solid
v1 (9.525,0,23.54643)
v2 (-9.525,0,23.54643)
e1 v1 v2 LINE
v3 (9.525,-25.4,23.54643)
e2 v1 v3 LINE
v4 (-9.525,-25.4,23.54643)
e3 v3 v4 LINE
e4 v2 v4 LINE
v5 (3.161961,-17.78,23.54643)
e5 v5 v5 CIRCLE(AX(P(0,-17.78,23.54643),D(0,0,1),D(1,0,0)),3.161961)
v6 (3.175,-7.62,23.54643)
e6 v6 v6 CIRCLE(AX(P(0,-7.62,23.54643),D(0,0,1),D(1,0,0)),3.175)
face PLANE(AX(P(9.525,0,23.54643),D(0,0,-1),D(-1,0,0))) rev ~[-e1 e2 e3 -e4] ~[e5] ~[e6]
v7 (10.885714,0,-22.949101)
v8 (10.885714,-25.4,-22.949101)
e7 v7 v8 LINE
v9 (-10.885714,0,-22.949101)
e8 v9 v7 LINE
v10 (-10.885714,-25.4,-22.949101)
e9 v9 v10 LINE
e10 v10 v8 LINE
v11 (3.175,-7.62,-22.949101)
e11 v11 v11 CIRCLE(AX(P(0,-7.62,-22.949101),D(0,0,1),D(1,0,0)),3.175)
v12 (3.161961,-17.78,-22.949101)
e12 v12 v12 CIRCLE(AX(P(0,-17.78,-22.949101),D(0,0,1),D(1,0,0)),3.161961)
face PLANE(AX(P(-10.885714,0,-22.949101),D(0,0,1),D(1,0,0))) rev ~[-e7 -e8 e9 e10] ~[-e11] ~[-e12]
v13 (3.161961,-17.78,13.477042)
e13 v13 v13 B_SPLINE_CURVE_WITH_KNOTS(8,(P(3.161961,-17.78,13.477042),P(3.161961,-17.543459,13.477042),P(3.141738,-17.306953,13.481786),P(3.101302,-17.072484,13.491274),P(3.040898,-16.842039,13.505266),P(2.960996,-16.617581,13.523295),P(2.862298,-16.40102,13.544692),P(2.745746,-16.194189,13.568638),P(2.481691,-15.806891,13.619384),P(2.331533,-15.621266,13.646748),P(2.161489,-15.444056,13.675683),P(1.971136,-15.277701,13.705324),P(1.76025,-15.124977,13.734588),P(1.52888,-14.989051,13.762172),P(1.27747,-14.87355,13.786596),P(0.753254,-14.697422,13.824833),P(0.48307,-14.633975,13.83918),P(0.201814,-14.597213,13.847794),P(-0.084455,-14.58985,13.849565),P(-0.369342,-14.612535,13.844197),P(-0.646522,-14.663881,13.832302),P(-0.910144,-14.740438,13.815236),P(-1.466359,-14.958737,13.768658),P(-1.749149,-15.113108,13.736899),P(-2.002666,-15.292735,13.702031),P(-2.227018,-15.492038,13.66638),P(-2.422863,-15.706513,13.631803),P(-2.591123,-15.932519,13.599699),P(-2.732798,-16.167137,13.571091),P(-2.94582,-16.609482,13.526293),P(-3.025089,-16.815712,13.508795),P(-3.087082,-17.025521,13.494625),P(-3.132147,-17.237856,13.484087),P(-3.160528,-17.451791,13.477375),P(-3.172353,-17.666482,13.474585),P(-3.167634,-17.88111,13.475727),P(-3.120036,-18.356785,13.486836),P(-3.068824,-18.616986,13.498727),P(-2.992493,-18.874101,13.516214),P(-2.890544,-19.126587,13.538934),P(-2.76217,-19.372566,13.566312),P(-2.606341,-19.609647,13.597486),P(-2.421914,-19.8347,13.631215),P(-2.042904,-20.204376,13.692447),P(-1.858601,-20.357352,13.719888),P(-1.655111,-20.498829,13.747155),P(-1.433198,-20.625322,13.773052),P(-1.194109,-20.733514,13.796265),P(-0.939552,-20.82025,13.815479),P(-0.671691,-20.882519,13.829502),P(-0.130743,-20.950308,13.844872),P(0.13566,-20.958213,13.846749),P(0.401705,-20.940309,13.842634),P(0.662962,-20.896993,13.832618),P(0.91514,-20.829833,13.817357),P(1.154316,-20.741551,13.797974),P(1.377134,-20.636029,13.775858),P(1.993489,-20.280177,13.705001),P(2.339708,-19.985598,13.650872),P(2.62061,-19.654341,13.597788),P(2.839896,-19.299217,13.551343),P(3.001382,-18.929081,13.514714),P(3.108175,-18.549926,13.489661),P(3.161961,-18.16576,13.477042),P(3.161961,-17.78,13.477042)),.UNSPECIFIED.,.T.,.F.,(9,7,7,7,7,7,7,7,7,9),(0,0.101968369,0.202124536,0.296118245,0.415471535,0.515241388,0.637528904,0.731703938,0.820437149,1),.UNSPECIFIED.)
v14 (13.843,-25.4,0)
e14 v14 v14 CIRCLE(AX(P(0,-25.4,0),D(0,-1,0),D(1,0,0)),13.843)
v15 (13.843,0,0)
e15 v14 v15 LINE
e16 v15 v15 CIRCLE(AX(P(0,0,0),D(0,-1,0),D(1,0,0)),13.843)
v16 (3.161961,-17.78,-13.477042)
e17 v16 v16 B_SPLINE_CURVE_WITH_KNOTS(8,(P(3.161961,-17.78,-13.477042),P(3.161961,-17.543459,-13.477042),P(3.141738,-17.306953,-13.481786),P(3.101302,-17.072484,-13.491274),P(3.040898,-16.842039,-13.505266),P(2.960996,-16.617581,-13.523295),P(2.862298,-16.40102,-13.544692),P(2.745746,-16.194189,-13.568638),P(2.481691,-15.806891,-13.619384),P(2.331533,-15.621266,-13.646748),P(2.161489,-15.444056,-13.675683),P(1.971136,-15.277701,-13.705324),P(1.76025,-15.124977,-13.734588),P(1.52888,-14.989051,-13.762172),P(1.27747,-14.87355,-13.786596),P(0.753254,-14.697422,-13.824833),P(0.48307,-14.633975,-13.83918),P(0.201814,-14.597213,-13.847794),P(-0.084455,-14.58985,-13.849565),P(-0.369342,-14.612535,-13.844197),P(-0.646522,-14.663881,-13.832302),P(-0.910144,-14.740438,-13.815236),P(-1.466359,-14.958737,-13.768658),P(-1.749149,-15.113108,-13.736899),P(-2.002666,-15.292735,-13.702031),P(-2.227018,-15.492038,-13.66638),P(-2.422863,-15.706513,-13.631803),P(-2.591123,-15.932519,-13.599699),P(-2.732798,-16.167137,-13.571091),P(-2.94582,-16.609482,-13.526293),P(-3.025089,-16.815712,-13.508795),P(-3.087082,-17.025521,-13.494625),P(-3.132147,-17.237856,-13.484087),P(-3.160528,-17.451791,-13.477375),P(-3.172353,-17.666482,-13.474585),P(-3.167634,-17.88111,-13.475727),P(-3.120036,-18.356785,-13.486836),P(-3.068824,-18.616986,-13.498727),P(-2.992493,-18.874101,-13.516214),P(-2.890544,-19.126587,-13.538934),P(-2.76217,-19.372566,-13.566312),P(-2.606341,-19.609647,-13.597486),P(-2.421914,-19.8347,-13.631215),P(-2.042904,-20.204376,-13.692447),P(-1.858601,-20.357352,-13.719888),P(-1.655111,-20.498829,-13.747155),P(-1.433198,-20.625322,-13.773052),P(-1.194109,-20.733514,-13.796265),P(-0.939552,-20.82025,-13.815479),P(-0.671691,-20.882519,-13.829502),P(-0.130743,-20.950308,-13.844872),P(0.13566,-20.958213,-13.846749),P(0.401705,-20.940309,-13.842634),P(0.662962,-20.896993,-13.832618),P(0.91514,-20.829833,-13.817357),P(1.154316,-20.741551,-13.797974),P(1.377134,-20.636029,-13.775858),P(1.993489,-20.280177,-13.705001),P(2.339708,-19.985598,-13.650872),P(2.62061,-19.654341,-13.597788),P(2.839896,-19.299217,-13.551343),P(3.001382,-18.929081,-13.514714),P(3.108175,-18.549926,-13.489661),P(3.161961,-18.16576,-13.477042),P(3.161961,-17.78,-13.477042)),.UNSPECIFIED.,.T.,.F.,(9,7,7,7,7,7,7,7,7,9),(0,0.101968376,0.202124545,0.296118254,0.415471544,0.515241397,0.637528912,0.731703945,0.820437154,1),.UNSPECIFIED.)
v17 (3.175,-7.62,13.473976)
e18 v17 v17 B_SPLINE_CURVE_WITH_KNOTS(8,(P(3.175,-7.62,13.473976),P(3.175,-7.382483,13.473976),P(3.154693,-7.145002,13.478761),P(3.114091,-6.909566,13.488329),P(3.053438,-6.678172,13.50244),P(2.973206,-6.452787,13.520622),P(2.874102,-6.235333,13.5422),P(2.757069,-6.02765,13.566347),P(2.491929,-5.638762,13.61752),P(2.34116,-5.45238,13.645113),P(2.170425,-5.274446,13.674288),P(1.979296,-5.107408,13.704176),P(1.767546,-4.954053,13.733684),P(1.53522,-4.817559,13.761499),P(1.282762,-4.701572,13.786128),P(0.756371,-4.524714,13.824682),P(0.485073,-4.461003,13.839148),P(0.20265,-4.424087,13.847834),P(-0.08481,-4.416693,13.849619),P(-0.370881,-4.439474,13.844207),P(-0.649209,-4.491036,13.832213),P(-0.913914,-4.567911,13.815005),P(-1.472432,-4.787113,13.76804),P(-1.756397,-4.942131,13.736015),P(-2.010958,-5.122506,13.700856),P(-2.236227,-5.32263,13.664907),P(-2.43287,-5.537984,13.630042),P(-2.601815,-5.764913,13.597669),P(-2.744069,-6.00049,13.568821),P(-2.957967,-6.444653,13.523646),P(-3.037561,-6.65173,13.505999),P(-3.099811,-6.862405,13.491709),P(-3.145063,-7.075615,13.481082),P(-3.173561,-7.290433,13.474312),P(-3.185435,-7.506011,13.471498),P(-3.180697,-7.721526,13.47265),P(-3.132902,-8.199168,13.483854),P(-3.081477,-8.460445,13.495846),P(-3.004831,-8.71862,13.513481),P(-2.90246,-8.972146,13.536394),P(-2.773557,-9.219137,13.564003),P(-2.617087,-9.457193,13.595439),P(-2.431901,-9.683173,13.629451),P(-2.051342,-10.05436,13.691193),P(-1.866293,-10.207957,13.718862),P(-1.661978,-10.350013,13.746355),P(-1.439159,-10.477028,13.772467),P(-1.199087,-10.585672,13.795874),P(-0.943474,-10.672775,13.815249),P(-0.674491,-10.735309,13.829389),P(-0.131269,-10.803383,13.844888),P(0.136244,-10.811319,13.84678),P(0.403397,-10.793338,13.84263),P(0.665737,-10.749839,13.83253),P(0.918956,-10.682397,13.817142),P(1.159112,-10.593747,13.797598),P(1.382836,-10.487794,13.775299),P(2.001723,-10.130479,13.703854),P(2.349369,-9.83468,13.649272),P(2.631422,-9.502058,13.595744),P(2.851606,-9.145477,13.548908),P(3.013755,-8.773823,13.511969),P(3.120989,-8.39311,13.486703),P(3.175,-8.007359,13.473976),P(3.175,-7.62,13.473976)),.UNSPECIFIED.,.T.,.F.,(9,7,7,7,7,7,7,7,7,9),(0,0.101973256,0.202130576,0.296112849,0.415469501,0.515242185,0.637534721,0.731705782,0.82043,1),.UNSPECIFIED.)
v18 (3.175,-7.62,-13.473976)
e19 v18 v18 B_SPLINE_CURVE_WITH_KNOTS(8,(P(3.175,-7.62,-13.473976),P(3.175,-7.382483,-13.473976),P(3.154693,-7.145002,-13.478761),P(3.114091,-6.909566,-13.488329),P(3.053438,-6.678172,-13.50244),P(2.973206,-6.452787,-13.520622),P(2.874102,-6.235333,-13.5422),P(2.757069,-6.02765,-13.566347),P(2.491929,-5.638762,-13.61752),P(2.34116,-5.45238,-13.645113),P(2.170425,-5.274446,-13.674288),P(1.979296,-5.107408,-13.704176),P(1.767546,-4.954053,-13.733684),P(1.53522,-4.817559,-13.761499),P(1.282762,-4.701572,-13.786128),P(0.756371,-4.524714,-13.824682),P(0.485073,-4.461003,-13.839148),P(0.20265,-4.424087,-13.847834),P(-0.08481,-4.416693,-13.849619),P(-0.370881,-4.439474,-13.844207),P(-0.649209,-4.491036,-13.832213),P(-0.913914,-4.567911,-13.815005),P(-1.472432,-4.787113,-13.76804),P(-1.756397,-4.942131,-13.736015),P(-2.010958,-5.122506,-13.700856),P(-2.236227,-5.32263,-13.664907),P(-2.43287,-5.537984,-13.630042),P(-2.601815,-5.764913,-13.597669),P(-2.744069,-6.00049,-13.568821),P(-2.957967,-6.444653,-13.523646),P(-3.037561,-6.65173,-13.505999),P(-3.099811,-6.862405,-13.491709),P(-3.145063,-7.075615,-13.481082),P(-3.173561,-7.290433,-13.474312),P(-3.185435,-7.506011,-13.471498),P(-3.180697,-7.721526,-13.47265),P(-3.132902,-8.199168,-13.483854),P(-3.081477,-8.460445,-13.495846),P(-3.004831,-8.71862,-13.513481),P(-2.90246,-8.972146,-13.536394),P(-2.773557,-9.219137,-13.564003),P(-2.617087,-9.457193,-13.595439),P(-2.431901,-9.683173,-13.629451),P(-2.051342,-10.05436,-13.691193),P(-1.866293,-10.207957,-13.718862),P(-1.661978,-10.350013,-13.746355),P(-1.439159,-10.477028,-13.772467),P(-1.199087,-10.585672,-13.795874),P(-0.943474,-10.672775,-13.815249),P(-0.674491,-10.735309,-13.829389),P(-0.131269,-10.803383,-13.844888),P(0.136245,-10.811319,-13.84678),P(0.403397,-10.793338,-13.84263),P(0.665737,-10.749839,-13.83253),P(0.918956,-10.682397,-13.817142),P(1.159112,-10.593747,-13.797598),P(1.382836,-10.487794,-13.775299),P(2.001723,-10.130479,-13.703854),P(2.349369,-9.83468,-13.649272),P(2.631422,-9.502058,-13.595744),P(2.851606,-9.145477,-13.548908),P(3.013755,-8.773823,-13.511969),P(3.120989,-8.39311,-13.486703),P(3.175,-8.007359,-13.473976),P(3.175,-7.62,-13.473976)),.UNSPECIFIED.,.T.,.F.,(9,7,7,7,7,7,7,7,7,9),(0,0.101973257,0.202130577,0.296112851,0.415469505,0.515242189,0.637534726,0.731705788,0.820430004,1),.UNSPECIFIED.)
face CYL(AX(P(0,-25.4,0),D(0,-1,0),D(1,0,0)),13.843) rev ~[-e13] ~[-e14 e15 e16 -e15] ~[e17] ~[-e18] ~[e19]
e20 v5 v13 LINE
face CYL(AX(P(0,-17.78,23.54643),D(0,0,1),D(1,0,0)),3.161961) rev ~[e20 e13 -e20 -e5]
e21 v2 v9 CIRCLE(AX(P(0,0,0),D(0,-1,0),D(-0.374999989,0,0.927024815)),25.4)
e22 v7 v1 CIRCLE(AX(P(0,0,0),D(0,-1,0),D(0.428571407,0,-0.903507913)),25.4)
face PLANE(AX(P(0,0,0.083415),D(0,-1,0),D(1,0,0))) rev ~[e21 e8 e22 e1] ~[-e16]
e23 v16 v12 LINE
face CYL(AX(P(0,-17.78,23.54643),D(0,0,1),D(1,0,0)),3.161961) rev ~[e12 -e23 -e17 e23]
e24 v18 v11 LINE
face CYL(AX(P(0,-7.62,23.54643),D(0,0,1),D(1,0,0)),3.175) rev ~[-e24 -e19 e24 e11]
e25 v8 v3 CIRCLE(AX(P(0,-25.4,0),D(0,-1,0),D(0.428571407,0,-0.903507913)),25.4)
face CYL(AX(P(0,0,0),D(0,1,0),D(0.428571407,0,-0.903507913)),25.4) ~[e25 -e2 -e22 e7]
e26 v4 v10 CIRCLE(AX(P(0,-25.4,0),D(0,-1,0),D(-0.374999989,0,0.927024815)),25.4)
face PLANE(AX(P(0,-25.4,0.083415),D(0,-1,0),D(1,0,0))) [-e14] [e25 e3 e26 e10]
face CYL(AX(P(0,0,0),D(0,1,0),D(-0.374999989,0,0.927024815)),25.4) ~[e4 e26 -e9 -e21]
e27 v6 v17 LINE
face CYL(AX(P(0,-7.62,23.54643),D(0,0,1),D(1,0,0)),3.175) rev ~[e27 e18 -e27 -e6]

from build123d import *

# Parameters (mm, degrees)
F0_R     = 1.5875
F1_DEPTH = 25.4
F2_R     = 3.175
F2_R_2   = 3.161961
F3_DEPTH = 46.496531
F4_R     = 13.843
F5_DEPTH = 25.401


with BuildPart() as f1:
    # F0 (on Front) → F1 (new body)
    with BuildSketch(Plane.XZ):
        with BuildLine():
            Line((9.525, 23.54643), (-9.525, 23.54643))
            ThreePointArc((-9.525, 23.54643), (-25.38913, 0.743025), (-10.885714, -22.949101))
            Line((-10.885714, -22.949101), (10.885714, -22.949101))
            ThreePointArc((10.885714, -22.949101), (25.38913, 0.743025), (9.525, 23.54643))
        make_face()
        Circle(F0_R, mode=Mode.SUBTRACT)
    extrude(amount=F1_DEPTH)

    # F2 (on face) → F3 (cut, through all)
    with BuildSketch(Plane.XY.offset(23.54643)):
        with Locations((0, -7.62)):
            Circle(F2_R)
        with Locations((0, -17.78)):
            Circle(F2_R_2)
    extrude(amount=-F3_DEPTH, mode=Mode.SUBTRACT)

    # F4 (on face) → F5 (cut, through all)
    with BuildSketch(Plane.XZ.offset(25.4)):
        Circle(F4_R)
    extrude(amount=-F5_DEPTH, mode=Mode.SUBTRACT)


solid = f1.part
